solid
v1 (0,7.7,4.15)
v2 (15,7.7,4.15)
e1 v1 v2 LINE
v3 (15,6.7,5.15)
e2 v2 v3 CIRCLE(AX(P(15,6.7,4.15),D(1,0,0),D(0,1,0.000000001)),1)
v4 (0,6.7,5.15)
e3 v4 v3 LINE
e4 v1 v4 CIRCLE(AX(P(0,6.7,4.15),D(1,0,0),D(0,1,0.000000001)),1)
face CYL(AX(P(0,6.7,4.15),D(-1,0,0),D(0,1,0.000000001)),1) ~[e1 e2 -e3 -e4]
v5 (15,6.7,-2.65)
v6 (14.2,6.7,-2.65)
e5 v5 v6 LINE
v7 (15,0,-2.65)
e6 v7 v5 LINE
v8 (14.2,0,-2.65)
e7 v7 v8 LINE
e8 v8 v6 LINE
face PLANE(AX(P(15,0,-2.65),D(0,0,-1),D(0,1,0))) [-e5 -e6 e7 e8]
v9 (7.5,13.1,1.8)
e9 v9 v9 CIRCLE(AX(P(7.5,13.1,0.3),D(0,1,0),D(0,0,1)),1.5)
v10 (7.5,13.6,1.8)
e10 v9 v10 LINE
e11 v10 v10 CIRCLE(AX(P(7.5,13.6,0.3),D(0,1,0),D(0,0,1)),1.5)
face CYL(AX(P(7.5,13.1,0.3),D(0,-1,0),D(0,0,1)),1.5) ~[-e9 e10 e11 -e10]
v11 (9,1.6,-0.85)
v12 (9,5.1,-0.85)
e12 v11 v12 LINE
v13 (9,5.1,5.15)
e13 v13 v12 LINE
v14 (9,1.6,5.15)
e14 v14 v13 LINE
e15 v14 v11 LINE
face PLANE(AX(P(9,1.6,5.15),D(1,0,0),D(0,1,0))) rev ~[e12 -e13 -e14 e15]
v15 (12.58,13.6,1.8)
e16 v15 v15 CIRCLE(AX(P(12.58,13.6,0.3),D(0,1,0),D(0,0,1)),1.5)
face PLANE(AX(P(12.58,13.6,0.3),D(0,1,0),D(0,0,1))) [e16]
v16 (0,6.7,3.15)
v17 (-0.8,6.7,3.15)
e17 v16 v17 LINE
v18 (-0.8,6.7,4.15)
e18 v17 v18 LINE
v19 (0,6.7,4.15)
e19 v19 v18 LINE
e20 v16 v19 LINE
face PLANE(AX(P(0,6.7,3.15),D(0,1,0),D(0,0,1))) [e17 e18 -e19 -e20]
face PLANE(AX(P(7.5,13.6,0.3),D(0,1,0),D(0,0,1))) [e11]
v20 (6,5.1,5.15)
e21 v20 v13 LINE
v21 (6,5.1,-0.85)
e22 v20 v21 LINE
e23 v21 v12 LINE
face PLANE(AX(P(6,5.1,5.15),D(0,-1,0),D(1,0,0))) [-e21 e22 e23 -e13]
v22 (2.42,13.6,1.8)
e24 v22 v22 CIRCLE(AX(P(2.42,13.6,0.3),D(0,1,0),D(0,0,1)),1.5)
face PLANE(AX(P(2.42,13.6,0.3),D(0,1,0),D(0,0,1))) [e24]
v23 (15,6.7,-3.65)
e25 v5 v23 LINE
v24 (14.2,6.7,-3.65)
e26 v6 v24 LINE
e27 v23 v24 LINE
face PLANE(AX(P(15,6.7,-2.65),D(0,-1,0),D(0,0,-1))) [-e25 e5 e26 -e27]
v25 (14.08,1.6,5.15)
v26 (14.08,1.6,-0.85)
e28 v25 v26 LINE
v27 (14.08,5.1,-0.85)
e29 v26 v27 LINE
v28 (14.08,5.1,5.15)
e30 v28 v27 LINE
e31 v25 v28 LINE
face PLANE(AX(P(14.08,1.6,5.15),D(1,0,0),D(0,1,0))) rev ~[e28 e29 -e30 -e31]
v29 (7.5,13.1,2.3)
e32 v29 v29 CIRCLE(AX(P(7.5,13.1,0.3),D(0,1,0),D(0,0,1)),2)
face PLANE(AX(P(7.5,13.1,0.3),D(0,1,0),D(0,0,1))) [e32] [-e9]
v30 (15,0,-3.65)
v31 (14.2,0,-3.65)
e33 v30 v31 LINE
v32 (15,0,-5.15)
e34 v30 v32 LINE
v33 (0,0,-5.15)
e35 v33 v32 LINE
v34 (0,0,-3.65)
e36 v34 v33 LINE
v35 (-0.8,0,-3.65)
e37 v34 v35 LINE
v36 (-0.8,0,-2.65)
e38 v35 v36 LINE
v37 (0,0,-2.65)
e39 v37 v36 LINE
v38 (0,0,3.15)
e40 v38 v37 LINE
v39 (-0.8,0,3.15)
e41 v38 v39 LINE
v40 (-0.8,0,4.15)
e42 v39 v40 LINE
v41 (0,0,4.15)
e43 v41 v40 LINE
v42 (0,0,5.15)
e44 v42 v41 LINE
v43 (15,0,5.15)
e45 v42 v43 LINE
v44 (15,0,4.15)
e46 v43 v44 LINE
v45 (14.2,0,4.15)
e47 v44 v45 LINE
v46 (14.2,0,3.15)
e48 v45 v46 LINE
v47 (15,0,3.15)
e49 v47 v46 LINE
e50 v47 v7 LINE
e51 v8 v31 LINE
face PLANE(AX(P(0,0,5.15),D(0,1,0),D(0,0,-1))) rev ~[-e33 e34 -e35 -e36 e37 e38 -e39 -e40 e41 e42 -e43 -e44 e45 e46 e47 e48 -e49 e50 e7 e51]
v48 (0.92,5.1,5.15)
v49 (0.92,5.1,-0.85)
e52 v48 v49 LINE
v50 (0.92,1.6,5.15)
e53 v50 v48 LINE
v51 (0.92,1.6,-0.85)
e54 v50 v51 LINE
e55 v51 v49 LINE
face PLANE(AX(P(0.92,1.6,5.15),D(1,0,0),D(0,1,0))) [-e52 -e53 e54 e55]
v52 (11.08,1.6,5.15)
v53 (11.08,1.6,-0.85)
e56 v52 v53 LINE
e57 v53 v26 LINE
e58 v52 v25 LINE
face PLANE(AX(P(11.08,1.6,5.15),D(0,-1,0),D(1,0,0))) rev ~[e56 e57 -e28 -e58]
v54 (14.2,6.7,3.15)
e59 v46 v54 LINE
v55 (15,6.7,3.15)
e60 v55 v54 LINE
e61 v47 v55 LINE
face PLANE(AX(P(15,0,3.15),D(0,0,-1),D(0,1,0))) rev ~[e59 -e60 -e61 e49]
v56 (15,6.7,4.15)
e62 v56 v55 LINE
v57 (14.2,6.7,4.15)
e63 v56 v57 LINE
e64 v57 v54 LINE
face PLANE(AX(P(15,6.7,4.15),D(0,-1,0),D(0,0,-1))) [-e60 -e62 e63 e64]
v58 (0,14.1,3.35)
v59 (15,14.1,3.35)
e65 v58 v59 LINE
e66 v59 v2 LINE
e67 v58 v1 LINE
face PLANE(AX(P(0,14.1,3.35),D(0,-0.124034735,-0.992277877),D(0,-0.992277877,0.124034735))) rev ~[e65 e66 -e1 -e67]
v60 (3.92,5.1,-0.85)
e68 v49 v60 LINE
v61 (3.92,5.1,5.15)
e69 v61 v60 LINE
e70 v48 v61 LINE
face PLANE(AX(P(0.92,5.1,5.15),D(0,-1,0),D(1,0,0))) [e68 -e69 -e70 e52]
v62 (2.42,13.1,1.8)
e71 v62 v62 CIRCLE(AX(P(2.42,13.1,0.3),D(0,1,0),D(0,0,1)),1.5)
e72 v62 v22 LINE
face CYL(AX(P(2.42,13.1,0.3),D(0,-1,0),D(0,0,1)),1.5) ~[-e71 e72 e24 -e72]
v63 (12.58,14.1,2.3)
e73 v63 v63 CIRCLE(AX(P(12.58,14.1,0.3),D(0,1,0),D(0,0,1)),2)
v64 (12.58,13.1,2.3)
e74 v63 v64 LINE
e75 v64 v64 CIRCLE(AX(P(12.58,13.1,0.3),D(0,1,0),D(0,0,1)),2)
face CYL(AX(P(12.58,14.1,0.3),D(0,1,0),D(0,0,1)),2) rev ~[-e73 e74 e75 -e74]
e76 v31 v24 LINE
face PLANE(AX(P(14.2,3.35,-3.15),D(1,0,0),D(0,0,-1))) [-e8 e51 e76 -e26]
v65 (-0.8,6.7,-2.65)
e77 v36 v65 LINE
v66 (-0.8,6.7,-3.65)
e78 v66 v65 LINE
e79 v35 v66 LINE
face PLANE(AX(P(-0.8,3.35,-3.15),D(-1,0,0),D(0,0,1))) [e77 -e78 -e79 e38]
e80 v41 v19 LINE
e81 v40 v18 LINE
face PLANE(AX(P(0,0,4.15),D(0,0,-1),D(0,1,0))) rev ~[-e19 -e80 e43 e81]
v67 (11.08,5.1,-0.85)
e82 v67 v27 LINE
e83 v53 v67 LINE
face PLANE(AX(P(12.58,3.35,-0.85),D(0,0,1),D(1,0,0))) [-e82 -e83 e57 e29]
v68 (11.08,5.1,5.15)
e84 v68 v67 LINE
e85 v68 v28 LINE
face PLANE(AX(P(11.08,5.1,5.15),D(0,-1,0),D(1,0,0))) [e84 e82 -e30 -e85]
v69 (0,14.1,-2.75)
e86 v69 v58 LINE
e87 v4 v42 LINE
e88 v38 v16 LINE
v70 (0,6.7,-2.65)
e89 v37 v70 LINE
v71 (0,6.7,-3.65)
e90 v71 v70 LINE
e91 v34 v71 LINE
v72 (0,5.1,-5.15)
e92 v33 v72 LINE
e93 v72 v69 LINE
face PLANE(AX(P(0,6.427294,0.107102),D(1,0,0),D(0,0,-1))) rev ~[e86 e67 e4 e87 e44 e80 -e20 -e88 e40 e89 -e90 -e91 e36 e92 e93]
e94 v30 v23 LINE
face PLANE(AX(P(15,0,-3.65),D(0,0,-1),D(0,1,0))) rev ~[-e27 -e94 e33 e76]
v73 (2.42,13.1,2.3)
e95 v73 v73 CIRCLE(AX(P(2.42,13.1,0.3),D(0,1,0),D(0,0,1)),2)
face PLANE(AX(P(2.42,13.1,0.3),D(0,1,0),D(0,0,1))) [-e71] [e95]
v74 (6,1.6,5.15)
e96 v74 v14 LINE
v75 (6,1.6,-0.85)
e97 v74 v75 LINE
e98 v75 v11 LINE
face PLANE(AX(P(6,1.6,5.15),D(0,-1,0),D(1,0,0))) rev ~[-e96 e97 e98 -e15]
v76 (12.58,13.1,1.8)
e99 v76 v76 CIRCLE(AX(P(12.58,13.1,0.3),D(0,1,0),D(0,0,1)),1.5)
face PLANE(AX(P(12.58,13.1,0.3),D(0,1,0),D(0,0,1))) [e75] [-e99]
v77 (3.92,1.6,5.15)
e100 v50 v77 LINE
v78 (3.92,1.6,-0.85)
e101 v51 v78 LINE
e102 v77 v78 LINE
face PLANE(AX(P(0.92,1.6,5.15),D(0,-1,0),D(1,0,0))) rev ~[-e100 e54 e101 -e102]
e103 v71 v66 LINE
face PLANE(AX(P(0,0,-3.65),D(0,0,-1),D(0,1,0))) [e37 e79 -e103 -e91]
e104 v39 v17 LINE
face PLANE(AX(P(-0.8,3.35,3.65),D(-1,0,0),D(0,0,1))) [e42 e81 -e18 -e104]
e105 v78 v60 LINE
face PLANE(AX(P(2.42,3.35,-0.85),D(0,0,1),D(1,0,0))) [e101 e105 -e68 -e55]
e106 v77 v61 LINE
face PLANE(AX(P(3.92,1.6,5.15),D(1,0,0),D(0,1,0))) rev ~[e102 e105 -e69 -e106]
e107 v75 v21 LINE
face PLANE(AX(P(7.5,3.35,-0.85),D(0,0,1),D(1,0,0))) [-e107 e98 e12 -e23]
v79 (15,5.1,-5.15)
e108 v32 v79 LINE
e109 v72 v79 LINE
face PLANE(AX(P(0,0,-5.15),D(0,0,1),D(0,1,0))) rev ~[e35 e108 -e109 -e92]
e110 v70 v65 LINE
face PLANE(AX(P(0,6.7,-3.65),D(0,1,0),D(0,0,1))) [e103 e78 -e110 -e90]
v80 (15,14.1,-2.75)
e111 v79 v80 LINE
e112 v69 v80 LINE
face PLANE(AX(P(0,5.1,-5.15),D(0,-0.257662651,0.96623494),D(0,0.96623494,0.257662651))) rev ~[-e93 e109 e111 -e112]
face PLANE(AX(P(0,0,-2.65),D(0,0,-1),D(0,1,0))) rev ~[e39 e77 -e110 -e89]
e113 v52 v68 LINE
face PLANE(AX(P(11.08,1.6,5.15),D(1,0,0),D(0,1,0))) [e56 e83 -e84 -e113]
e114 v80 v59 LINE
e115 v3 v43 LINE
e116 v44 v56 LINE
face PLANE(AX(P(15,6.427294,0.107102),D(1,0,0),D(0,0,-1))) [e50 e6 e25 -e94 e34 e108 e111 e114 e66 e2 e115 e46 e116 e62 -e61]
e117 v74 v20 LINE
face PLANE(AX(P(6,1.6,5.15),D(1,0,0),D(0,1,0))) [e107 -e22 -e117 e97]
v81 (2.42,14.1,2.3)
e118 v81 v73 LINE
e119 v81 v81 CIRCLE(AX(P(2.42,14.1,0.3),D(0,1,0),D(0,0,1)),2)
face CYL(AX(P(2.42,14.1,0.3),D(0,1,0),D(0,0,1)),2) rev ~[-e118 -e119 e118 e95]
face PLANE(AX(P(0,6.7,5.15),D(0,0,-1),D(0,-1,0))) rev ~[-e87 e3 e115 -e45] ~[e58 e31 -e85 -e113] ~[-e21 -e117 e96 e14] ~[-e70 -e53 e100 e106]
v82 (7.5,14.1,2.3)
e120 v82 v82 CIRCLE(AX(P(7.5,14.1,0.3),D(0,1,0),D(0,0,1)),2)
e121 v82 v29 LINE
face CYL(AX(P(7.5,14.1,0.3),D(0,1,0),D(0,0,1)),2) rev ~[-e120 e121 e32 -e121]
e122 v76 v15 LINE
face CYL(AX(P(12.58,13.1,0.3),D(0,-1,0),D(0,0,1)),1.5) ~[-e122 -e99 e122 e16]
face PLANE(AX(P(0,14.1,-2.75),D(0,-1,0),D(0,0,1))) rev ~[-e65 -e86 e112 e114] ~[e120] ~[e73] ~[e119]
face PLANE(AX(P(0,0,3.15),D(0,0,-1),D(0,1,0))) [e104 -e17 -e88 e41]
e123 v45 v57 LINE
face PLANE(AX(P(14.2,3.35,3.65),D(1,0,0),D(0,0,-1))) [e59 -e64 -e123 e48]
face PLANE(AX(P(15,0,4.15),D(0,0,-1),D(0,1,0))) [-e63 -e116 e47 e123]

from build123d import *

# Parameters (mm, degrees)
BOSS_EXTRUDE2_DEPTH = 15
SKETCH4_R           = 2
CUT_EXTRUDE1_DEPTH  = 1
SKETCH5_R           = 1.5
BOSS_EXTRUDE3_DEPTH = 0.5
SKETCH7_W           = 3
SKETCH7_H           = 3.5
CUT_EXTRUDE2_DEPTH  = 6
LPATTERN1_COUNT     = 3
LPATTERN1_PITCH     = 5.08
SKETCH8_W           = 1
SKETCH8_H           = 6.7
BOSS_EXTRUDE4_DEPTH = 0.8
SKETCH9_W           = 1
SKETCH9_H           = 6.7
CUT_EXTRUDE3_DEPTH  = 0.8


with BuildPart() as part:
    # Sketch3 → Boss-Extrude2 (new body)
    with BuildSketch(Plane(origin=(0, 0, 0), x_dir=(0, 0, -1), z_dir=(1, 0, 0))):
        with BuildLine():
            Line((-5.15, 0), (5.15, 0))
            Line((5.15, 0), (5.15, 5.1))
            Line((5.15, 5.1), (2.75, 14.1))
            Line((2.75, 14.1), (-3.35, 14.1))
            Line((-3.35, 14.1), (-4.15, 7.7))
            ThreePointArc((-4.15, 7.7), (-4.857106781, 7.407106781), (-5.15, 6.7))
            Line((-5.15, 6.7), (-5.15, 0))
        make_face()
    extrude(amount=BOSS_EXTRUDE2_DEPTH)

    # Sketch4 → Cut-Extrude1 (cut)
    with BuildSketch(Plane(origin=(0, 14.1, 0), x_dir=(1, 0, 0), z_dir=(0, 1, 0))):
        with Locations(Location((7.5, -0.3, 0), (0, 0, 270))):
            Circle(SKETCH4_R)
    cut_extrude1 = extrude(amount=-CUT_EXTRUDE1_DEPTH, mode=Mode.SUBTRACT)

    # Sketch5 → Boss-Extrude3 (add)
    with BuildSketch(Plane(origin=(0, 13.1, 0), x_dir=(1, 0, 0), z_dir=(0, 1, 0))):
        with Locations(Location((7.5, -0.3, 0), (0, 0, 270))):
            Circle(SKETCH5_R)
    boss_extrude3 = extrude(amount=BOSS_EXTRUDE3_DEPTH)

    # Sketch-Pattern1: Cut-Extrude1, Boss-Extrude3 at 2 more places
    with Locations((5.08, 0, 0), (-5.08, 0, 0)):
        add(cut_extrude1, mode=Mode.SUBTRACT)
        add(boss_extrude3)

    # Sketch7 → Cut-Extrude2 (cut)
    with BuildSketch(Plane.XY.offset(5.15)):
        with Locations((12.58, 3.35)):
            Rectangle(SKETCH7_W, SKETCH7_H)
    cut_extrude2 = extrude(amount=-CUT_EXTRUDE2_DEPTH, mode=Mode.SUBTRACT)

    # LPattern1: Cut-Extrude2 ×3
    with Locations(*[(-i * LPATTERN1_PITCH, 0, 0) for i in range(1, LPATTERN1_COUNT)]):
        add(cut_extrude2, mode=Mode.SUBTRACT)

    # Sketch8 → Boss-Extrude4 (add)
    with BuildSketch(Plane.ZY):
        with Locations((3.65, 3.35)):
            Rectangle(SKETCH8_W, SKETCH8_H)
        with Locations((-3.15, 3.35)):
            Rectangle(SKETCH8_W, SKETCH8_H)
    extrude(amount=BOSS_EXTRUDE4_DEPTH)

    # Sketch9 → Cut-Extrude3 (cut)
    with BuildSketch(Plane(origin=(15, 0, 0), x_dir=(0, 0, -1), z_dir=(1, 0, 0))):
        with Locations((3.15, 3.35)):
            Rectangle(SKETCH9_W, SKETCH9_H)
        with Locations((-3.65, 3.35)):
            Rectangle(SKETCH9_W, SKETCH9_H)
    extrude(amount=-CUT_EXTRUDE3_DEPTH, mode=Mode.SUBTRACT)


solid = part.part
